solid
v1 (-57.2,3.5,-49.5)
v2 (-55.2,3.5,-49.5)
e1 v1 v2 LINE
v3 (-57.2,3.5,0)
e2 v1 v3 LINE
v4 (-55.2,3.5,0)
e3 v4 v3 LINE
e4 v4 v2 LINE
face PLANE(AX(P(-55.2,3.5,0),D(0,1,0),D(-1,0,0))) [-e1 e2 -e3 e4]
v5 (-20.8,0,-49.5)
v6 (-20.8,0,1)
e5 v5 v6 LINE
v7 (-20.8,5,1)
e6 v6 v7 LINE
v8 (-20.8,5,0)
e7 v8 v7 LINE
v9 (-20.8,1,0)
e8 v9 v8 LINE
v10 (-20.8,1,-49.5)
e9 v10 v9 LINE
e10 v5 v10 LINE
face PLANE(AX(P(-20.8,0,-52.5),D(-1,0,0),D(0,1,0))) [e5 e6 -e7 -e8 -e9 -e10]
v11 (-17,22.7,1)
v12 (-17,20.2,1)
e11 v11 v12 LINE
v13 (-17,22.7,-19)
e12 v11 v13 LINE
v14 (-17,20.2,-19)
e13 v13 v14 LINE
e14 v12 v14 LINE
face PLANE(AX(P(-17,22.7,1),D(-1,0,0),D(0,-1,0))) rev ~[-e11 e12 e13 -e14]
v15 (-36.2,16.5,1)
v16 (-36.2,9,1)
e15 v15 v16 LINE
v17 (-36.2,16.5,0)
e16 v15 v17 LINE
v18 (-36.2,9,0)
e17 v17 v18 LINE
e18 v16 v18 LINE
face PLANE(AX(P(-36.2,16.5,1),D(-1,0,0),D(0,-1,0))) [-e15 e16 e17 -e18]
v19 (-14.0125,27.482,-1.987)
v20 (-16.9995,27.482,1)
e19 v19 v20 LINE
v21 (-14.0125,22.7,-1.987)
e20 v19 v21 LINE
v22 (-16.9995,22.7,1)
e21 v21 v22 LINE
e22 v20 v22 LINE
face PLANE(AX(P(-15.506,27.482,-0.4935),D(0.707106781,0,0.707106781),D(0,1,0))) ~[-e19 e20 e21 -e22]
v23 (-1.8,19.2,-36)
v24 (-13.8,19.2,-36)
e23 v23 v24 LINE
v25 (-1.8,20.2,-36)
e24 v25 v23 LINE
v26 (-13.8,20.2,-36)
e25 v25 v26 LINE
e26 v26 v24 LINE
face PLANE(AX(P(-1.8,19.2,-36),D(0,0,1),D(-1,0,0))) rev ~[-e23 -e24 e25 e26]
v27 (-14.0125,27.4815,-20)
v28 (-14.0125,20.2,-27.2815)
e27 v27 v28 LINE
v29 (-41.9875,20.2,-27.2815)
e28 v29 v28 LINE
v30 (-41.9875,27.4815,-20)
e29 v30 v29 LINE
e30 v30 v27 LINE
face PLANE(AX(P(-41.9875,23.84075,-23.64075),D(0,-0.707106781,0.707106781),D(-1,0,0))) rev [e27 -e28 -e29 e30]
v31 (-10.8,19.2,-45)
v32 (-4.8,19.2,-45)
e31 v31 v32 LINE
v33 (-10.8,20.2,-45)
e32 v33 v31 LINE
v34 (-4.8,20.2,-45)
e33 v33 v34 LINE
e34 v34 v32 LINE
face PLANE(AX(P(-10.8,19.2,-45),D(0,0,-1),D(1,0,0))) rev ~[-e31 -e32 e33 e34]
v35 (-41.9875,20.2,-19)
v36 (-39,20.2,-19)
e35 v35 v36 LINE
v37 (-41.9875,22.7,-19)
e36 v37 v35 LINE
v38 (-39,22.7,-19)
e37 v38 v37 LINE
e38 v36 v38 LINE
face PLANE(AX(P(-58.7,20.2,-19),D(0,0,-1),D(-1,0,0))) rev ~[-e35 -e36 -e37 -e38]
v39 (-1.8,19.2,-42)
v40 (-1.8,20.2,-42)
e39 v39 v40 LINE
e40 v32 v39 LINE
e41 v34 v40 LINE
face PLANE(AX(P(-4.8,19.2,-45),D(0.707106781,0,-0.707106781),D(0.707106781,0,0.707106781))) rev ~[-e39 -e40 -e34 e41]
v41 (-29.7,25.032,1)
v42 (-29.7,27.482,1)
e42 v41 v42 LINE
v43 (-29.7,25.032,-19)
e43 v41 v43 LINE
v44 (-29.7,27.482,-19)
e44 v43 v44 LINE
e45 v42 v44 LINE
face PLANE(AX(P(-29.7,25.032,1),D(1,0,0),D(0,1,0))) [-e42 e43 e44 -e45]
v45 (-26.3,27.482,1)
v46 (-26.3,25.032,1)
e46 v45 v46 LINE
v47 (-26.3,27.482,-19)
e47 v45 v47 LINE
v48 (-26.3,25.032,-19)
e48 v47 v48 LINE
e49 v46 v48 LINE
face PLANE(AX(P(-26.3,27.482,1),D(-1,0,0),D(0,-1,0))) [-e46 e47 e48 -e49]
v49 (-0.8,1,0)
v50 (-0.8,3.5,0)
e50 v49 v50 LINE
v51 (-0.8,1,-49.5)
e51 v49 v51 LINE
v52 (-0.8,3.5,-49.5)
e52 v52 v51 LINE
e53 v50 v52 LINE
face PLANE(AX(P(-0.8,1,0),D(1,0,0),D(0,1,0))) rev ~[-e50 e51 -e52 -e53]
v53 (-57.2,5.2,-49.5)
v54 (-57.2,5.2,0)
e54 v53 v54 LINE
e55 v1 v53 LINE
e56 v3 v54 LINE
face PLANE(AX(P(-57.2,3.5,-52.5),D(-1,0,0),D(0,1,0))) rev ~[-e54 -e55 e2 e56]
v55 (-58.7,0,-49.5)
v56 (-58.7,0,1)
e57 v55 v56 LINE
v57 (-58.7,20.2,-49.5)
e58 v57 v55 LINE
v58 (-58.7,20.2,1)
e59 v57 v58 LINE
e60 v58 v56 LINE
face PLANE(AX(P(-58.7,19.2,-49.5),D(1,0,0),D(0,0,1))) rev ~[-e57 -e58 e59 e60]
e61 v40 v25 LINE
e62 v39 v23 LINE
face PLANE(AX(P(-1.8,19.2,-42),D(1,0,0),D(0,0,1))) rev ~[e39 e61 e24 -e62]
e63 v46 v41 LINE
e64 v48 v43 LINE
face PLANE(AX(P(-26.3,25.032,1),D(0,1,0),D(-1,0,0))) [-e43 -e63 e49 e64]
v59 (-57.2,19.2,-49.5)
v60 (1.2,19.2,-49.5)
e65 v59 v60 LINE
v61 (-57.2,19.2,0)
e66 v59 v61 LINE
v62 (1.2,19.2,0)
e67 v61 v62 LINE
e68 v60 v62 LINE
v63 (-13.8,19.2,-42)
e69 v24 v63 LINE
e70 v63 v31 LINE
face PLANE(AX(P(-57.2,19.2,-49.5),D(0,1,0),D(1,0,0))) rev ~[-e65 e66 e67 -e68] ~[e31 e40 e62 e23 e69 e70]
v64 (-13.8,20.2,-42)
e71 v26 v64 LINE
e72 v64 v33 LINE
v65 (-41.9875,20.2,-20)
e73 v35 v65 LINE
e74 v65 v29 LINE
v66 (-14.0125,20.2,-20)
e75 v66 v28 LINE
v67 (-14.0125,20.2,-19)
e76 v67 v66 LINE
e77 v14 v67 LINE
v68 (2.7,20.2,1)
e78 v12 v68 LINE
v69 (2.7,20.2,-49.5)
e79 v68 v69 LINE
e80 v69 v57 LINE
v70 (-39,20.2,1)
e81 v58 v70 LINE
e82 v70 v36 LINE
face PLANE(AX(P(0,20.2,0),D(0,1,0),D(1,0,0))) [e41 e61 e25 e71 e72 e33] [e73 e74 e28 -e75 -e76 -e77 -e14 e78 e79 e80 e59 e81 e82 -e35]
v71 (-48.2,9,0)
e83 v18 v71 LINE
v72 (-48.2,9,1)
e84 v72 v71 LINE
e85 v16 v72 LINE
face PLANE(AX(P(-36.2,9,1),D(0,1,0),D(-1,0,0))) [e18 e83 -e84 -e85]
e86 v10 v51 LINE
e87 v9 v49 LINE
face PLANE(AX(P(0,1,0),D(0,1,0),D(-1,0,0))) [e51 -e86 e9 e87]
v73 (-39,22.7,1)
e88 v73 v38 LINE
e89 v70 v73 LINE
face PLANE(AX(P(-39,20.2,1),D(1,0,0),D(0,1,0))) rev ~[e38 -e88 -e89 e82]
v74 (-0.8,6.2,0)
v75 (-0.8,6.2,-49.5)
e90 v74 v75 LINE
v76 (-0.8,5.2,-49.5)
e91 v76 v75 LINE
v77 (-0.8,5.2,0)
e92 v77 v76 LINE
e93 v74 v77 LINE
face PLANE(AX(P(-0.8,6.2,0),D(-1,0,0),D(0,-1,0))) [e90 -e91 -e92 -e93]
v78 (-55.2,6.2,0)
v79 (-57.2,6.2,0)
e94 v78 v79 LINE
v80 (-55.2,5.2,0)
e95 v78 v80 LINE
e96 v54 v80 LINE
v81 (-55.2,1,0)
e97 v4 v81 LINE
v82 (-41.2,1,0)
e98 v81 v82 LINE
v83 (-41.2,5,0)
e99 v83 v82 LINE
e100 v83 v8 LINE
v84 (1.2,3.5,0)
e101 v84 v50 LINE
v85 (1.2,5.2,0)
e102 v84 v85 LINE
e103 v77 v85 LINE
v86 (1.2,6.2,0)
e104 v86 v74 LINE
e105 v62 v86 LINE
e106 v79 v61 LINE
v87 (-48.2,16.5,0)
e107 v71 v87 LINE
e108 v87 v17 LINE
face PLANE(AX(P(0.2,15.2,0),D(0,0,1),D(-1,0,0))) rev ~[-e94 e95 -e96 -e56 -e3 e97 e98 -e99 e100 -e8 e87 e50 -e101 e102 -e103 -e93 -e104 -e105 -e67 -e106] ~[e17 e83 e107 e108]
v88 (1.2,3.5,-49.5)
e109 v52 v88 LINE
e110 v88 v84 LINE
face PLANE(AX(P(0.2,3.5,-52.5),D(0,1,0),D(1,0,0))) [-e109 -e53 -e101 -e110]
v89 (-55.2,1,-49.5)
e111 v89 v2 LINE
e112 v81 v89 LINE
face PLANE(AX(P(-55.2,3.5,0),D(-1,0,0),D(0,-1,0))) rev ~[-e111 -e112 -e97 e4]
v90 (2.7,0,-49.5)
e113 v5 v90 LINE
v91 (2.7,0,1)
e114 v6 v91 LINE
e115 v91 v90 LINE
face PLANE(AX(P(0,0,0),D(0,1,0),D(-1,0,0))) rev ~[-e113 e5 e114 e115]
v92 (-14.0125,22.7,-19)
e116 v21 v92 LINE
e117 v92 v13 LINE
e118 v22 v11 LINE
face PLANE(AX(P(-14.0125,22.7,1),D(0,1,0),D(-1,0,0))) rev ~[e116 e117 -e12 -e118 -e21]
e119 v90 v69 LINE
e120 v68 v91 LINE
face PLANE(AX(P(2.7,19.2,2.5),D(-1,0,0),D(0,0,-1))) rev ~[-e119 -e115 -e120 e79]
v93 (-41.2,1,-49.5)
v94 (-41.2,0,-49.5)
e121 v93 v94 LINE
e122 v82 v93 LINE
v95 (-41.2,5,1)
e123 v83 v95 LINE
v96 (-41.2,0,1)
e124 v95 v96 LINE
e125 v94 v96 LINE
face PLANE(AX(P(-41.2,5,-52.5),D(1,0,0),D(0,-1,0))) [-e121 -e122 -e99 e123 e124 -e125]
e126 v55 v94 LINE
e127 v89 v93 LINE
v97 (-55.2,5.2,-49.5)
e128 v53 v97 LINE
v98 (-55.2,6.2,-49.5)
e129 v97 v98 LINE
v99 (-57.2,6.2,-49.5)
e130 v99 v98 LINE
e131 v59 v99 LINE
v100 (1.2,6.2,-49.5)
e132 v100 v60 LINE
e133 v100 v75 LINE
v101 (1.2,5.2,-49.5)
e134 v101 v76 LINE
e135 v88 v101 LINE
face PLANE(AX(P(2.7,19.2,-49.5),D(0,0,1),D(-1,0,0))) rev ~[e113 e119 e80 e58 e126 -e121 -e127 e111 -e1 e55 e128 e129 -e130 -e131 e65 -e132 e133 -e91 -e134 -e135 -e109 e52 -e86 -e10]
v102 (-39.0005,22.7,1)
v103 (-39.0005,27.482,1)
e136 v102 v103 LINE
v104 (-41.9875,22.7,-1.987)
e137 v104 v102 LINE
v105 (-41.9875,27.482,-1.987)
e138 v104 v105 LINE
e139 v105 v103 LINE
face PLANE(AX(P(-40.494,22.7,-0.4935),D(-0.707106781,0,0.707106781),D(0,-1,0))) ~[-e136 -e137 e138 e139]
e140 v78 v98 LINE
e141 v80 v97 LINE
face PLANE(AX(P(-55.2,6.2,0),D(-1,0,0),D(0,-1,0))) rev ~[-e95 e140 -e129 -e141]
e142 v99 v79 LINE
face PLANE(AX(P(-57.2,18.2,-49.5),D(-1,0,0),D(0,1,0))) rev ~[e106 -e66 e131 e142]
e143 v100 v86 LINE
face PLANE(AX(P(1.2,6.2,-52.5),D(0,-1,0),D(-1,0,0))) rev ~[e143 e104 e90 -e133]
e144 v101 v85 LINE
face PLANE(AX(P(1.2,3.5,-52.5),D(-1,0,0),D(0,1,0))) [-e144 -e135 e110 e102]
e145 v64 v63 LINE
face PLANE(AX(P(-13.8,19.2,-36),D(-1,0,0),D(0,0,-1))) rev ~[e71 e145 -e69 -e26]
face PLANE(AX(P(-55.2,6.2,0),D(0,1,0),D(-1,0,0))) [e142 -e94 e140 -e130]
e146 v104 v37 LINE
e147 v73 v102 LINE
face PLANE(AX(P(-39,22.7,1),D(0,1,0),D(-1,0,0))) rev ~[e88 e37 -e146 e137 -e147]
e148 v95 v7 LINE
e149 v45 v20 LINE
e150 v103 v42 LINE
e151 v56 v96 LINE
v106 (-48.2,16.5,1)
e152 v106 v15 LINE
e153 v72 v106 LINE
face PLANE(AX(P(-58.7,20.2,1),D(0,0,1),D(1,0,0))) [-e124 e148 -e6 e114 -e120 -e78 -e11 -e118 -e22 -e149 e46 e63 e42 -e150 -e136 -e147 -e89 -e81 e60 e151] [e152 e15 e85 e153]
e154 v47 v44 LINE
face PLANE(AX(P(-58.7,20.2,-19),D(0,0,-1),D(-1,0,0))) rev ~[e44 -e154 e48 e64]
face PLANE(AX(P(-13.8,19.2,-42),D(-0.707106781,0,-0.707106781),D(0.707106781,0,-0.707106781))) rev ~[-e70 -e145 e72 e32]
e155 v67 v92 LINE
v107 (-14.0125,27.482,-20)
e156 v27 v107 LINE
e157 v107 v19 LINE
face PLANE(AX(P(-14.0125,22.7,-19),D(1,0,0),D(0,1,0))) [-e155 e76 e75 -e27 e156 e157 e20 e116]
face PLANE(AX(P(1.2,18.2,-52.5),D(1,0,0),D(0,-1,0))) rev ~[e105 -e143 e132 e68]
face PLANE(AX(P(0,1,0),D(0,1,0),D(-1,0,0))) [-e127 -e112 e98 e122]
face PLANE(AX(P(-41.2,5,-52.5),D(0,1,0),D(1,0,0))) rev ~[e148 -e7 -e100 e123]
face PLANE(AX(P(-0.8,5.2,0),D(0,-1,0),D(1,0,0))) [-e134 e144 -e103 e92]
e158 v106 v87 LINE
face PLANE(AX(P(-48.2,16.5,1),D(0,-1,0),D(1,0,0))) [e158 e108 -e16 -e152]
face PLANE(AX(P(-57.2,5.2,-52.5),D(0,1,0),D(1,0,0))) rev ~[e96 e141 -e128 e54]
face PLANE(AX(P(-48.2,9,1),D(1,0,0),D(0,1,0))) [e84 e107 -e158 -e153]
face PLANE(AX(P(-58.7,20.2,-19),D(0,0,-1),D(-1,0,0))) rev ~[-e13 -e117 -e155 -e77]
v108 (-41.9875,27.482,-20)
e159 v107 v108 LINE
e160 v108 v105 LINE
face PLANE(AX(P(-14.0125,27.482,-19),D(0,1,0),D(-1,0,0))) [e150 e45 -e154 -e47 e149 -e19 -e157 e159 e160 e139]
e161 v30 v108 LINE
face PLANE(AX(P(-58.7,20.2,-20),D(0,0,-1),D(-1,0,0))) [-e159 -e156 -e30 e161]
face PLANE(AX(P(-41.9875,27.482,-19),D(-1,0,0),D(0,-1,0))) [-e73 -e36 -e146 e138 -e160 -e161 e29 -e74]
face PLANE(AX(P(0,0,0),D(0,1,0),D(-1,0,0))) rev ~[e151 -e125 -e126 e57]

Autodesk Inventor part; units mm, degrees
ref_plane "YZ Plane" through (0, 0, 0) normal (1, 0, 0) x (0, 1, 0)
ref_plane "XZ Plane" through (0, 0, 0) normal (0, 1, 0) x (-1, 0, 0)
ref_plane "XY Plane" through (0, 0, 0) normal (0, 0, 1) x (1, 0, 0)
sketch "Sketch1" plane through (0, 0, 0) normal (0, 1, 0) x (-1, 0, 0)
  line L0 (0, 0) -> (56, 0)
  line L1 (56, 0) -> (56, -50)
  line L2 (56, -50) -> (0, -50)
  line L3 (0, -50) -> (0, 0)
  line L4 (56.2, 0) -> (-0.2, 0)
  line L5 (-0.2, 0) -> (-0.2, -50)
  line L6 (-0.2, -50) -> (56.2, -50)
  line L7 (56.2, -50) -> (56.2, 0)
  line L8 (58.7, 2.5) -> (-2.7, 2.5)
  line L9 (-2.7, 2.5) -> (-2.7, -52.5)
  line L10 (-2.7, -52.5) -> (58.7, -52.5)
  line L11 (58.7, -52.5) -> (58.7, 2.5)
  line L12 (56.2, -48.0985) -> (56.2, -52.5)
  line L13 (-0.2, -48.7936) -> (-0.2, -52.5)
  point P0 (-0.2, -50)
  dimension "d0" = 56
  dimension "d1" = 50
  dimension "d2" = 0.2
  dimension "d3" = 0.2
  dimension "d4" = 0
  dimension "d5" = 0
  dimension "d6" = 2.5
  dimension "d7" = 2.5
  dimension "d8" = 2.5
  dimension "d9" = 2.5
extrude "Extrusion1" add sketch "Sketch1" along normal blind 15.2 contours L4 L5 L13 L10 L9 L8 L11 L12 L7 L0
extrude "Extrusion2" add sketch "Sketch1" along normal blind 1
sketch "Sketch2" plane through (0.2, 15.2, 0) normal (0, 0, -1) x (-1, 0, 0)
  line L0 (0, -14.2) -> (0, 0) projected
  line L1 (0, -11.7) -> (56.4, -11.7)
  line L2 (56.4, -11.7) -> (56.4, -14.2)
  line L3 (56.4, -14.2) -> (0, -14.2)
  line L4 (0, -14.2) -> (0, -11.7)
  line L5 (56.4, -14.2) -> (56.4, 0) projected
  line L6 (0, -14.2) -> (56.4, -14.2) projected
  line L7 (1, -11.7) -> (55.4, -11.7)
  line L8 (55.4, -11.7) -> (55.4, -14.2)
  line L9 (55.4, -14.2) -> (1, -14.2)
  line L10 (1, -14.2) -> (1, -11.7)
  line L11 (0, -9) -> (56.4, -9)
  line L12 (56.4, -9) -> (56.4, -10)
  line L13 (56.4, -10) -> (0, -10)
  line L14 (0, -10) -> (0, -9)
  line L15 (56.4, -9) -> (55.4, -9)
  line L16 (55.4, -9) -> (55.4, -10)
  line L17 (55.4, -10) -> (56.4, -10)
  line L18 (56.4, -10) -> (56.4, -9)
  line L19 (0, -9) -> (1, -9)
  line L20 (1, -9) -> (1, -10)
  line L21 (1, -10) -> (0, -10)
  line L22 (0, -10) -> (0, -9)
  point P0 (0.2, -15.2)
  point P1 (0, -10)
  point P2 (1, -14.2)
  dimension "d14" = 0
  dimension "d16" = 2.5
  dimension "d17" = 1
  dimension "d18" = 1
  dimension "d19" = 0
  dimension "d20" = 0
  dimension "d21" = 1.7
  dimension "d22" = 1
extrude "Extrusion3" add sketch "Sketch2" along normal up to surface (52.5 mm away) contours L0 L1 L10 L3 | L0 L11 L20 L13 | L8 L1 L2 L3 | L16 L11 L5 L13
sketch "Sketch3" plane through (2.7, 0, -52.5) normal (0, 0, -1) x (-1, 0, 0)
  line L0 (2.5, 15.2) -> (58.9, 15.2) projected
  line L1 (23.5, 15.2) -> (43.9, 15.2)
  line L2 (43.9, 15.2) -> (43.9, 0)
  line L3 (43.9, 0) -> (23.5, 0)
  line L4 (23.5, 0) -> (23.5, 15.2)
  line L5 (58.9, 6.2) -> (58.9, 15.2) projected
  line L6 (2.5, 6.2) -> (2.5, 15.2) projected
  line L7 (0, 0) -> (61.4, 0) projected
  line L8 (23.5, 0) -> (43.9, 0)
  line L9 (43.9, 0) -> (43.9, 5)
  line L10 (43.9, 5) -> (23.5, 5)
  line L11 (23.5, 5) -> (23.5, 0)
  point P0 (2.7, 0)
  dimension "d25" = 15
  dimension "d26" = 21
  dimension "d27" = 0
  dimension "d30" = 5
extrude "Extrusion5" cut sketch "Sketch3" against normal blind 75.725 contours L10 L2 L3 L4
sketch "Sketch4" plane through (-58.7, 15.2, 2.5) normal (0, 0, 1) x (1, 0, 0)
  line L0 (11.5, -0.7) -> (20.5, -0.7)
  line L1 (20.5, -0.7) -> (20.5, -4.2)
  line L2 (20.5, -4.2) -> (11.5, -4.2)
  line L3 (11.5, -4.2) -> (11.5, -0.7)
  point P0 (58.7, -15.2)
  point P1 (3.5, -11.7)
  point P2 (2.5, -11.7)
  dimension "d33" = 7.5
  dimension "d34" = 11
  dimension "d35" = 18
  dimension "d36" = 9
extrude "Extrusion6" cut sketch "Sketch4" against normal up to surface (2.5 mm away)
sketch "Sketch5" plane through (0, 15.2, 0) normal (0, 1, 0) x (1, 0, 0)
  line L0 (2.7, -2.5) -> (2.7, 52.5) projected
  line L1 (2.7, -2.5) -> (2.7, 52.5)
  line L2 (2.7, 52.5) -> (0.2, 52.5) projected
  line L3 (2.7, 52.5) -> (0.2, 52.5)
  line L4 (0.2, 52.5) -> (0.2, 0)
  line L5 (0.2, 0) -> (-56.2, 0) projected
  line L6 (0.2, 0) -> (-56.2, 0)
  line L7 (-56.2, 52.5) -> (-58.7, 52.5) projected
  line L8 (-56.2, 0) -> (-56.2, 52.5)
  line L9 (-58.7, 52.5) -> (-58.7, -2.5) projected
  line L10 (-56.2, 52.5) -> (-58.7, 52.5)
  line L11 (-58.7, -2.5) -> (2.7, -2.5) projected
  line L12 (-58.7, 52.5) -> (-58.7, -2.5)
  line L13 (-58.7, -2.5) -> (2.7, -2.5)
  point P0 (0, 0)
extrude "Extrusion7" add sketch "Sketch5" along normal blind 3
sketch "Sketch6" plane through (0, 18.2, 0) normal (0, 1, 0) x (1, 0, 0)
  line L0 (2.7, -2.5) -> (2.7, 52.5) projected
  line L1 (-58.7, 52.5) -> (-58.7, -2.5) projected
  line L2 (2.7, -2.5) -> (-58.7, -2.5)
  line L3 (-58.7, -2.5) -> (-58.7, 52.5)
  line L4 (-58.7, 52.5) -> (2.7, 52.5)
  line L5 (2.7, 52.5) -> (2.7, -2.5)
  line L6 (-13.8, 42) -> (-1.8, 42)
  line L7 (-1.8, 42) -> (-1.8, 36)
  line L8 (-1.8, 36) -> (-13.8, 36)
  line L9 (-13.8, 36) -> (-13.8, 42)
  line L10 (0.2, 0) -> (-56.2, 0) projected
  line L11 (0.2, 52.5) -> (0.2, 0) projected
  line L12 (-10.8, 45) -> (-4.8, 45)
  line L13 (-13.8, 42) -> (-8.427, 47.373)
  line L14 (-13.8, 42) -> (-6.2015, 42) construction
  line L15 (-1.8, 42) -> (-7.8, 48)
  line L16 (-1.8, 42) -> (6.6853, 42) construction
  point P0 (0, 0)
  point P1 (-4.8, 45)
  point P2 (-58.7, -2.5)
  dimension "d41" = 36
  dimension "d42" = 42
  dimension "d43" = 2
  dimension "d44" = 14
  dimension "d45" = 3
  dimension "d46" = 3
  dimension "d47" = 45
  dimension "d48" = 135
  dimension "d49" = 3
extrude "Extrusion8" add sketch "Sketch6" along normal blind 1
sketch "Sketch7" plane through (2.7, 0, -52.5) normal (0, 0, -1) x (-1, 0, 0)
  line L0 (2.5, 3.5) -> (2.5, 5.2) projected
  line L1 (2.5, 3.5) -> (1.5, 3.5)
  line L2 (1.5, 3.5) -> (1.5, 5.2)
  line L3 (1.5, 5.2) -> (2.5, 5.2)
  line L4 (2.5, 5.2) -> (2.5, 3.5)
  line L5 (2.5, 6.2) -> (2.5, 18.2) projected
  line L6 (2.5, 18.2) -> (1.5, 18.2)
  line L7 (1.5, 18.2) -> (1.5, 6.2)
  line L8 (1.5, 6.2) -> (2.5, 6.2)
  line L9 (2.5, 6.2) -> (2.5, 18.2)
  line L10 (58.9, 3.5) -> (58.9, 5.2) projected
  line L11 (58.9, 3.5) -> (59.9, 3.5)
  line L12 (59.9, 3.5) -> (59.9, 5.2)
  line L13 (59.9, 5.2) -> (58.9, 5.2)
  line L14 (58.9, 5.2) -> (58.9, 3.5)
  line L15 (57.9, 6.2) -> (58.9, 6.2) projected
  line L16 (58.9, 6.2) -> (59.9, 6.2)
  line L17 (59.9, 6.2) -> (59.9, 18.2)
  line L18 (59.9, 18.2) -> (58.9, 18.2)
  line L19 (58.9, 18.2) -> (58.9, 6.2)
  point P0 (2.7, 0)
  dimension "d52" = 1
  dimension "d53" = 1
  dimension "d54" = 1
  dimension "d55" = 1
extrude "Extrusion9" cut sketch "Sketch7" against normal up to surface (52.5 mm away)
sketch "Sketch8" plane through (0, 19.2, 0) normal (0, 1, 0) x (1, 0, 0)
  line L0 (2.7, 52.5) -> (-20.8, 52.5) projected
  line L1 (-58.7, 52.5) -> (-58.7, -2.5) projected
  line L2 (2.7, 52.5) -> (-58.7, 52.5)
  line L3 (-58.7, 52.5) -> (-58.7, 49.5)
  line L4 (-58.7, 49.5) -> (2.7, 49.5)
  line L5 (2.7, 49.5) -> (2.7, 52.5)
  point P0 (0, 0)
  dimension "d58" = 3
extrude "Extrusion10" cut sketch "Sketch8" against normal up to surface (19.2 mm away)
sketch "Sketch9" plane through (0, 19.2, 0) normal (0, 1, 0) x (1, 0, 0)
  line L0 (2.7, -2.5) -> (2.7, 49.5) projected
  line L1 (-58.7, 49.5) -> (-58.7, -2.5) projected
  line L2 (2.7, 49.5) -> (-58.7, 49.5)
  line L3 (-58.7, 49.5) -> (-58.7, -2.5)
  line L4 (-58.7, -2.5) -> (2.7, -2.5)
  line L5 (2.7, -2.5) -> (2.7, 49.5)
  line L6 (-1.8, 42) -> (-1.8, 36) projected
  line L7 (-4.8, 45) -> (-1.8, 42) projected
  line L8 (-1.8, 42) -> (-4.8, 45)
  line L9 (-10.8, 45) -> (-4.8, 45) projected
  line L10 (-4.8, 45) -> (-10.8, 45)
  line L11 (-13.8, 42) -> (-10.8, 45) projected
  line L12 (-10.8, 45) -> (-13.8, 42)
  line L13 (-13.8, 36) -> (-13.8, 42) projected
  line L14 (-13.8, 42) -> (-13.8, 36)
  line L15 (-1.8, 36) -> (-13.8, 36) projected
  line L16 (-13.8, 36) -> (-1.8, 36)
  line L17 (-1.8, 36) -> (-1.8, 42)
  point P0 (0, 0)
extrude "Extrusion11" add sketch "Sketch9" along normal blind 1
sketch "Sketch10" plane through (1.2, 18.2, -49.5) normal (0, 0, -1) x (-1, 0, 0)
  line L0 (0, 0) -> (58.4, 0) projected
  line L1 (0, 0) -> (58.4, 0)
  line L2 (58.4, 0) -> (58.4, 1)
  line L3 (58.4, 1) -> (0, 1)
  line L4 (0, 1) -> (0, 0)
  point P0 (1.2, -18.2)
  dimension "d63" = 1
extrude "Extrusion12" cut sketch "Sketch10" against normal up to surface (49.5 mm away)
sketch "Sketch11" plane through (0, 20.2, 0) normal (0, 1, 0) x (1, 0, 0)
  line L0 (2.7, -2.5) -> (2.7, 49.5) projected
  line L1 (-58.7, 49.5) -> (-58.7, -2.5) projected
  line L2 (2.7, -2.5) -> (-58.7, -2.5)
  line L3 (-58.7, -2.5) -> (-58.7, -1)
  line L4 (-58.7, -1) -> (2.7, -1)
  line L5 (2.7, -1) -> (2.7, -2.5)
  point P0 (0, 0)
  dimension "d66" = 1.5
extrude "Extrusion13" cut sketch "Sketch11" against normal blind 24.925
sketch "Sketch12" plane through (-58.7, 20.2, 1) normal (0, 0, 1) x (1, 0, 0)
  line L0 (10.5, -3.7) -> (22.5, -3.7)
  line L1 (22.5, -3.7) -> (22.5, -11.2)
  line L2 (22.5, -11.2) -> (10.5, -11.2)
  line L3 (10.5, -11.2) -> (10.5, -3.7)
  line L4 (20.5, -5.7) -> (11.5, -5.7) projected
  line L5 (20.5, -9.2) -> (20.5, -5.7) projected
  line L6 (11.5, -9.2) -> (20.5, -9.2) projected
  line L7 (11.5, -5.7) -> (11.5, -9.2) projected
  point P0 (58.7, -20.2)
  dimension "d69" = 2
  dimension "d70" = 2
  dimension "d71" = 2
  dimension "d73" = 1
extrude "Extrusion14" cut sketch "Sketch12" against normal up to surface (1 mm away)
sketch "Sketch13" plane through (-58.7, 20.2, 1) normal (0, 0, 1) x (1, 0, 0)
  line L0 (29, 2.5) -> (41.7, 2.5)
  line L1 (41.7, 2.5) -> (41.7, 0)
  line L2 (41.7, 0) -> (19.7, 0)
  line L3 (19.7, 0) -> (19.7, 2.5)
  line L4 (0, 0) -> (61.4, 0) projected
  line L5 (0, -20.2) -> (0, 0) projected
  line L6 (16.7125, 7.282) -> (44.6875, 7.282)
  line L7 (44.6875, 7.282) -> (44.6875, 2.5)
  line L8 (16.7125, 2.5) -> (16.7125, 7.282)
  line L9 (29, 7.282) -> (32.4, 7.282)
  line L10 (32.4, 7.282) -> (32.4, 4.832)
  line L11 (32.4, 4.832) -> (29, 4.832)
  line L12 (29, 4.832) -> (29, 7.282)
  line L13 (44.6875, 2.5) -> (41.7, 2.5)
  line L14 (19.7, 2.5) -> (16.7125, 2.5)
  point P0 (58.7, -20.2)
  dimension "d76" = 0
  dimension "d77" = 2.5
  dimension "d78" = 22
  dimension "d79" = 61.4
  dimension "d80" = 19.7
  dimension "d81" = 4.782
  dimension "d83" = 27.975
  dimension "d84" = 16.7125
  dimension "d85" = 2.45
  dimension "d86" = 3.4
  dimension "d87" = 0
  dimension "d88" = 29
extrude "Extrusion15" add sketch "Sketch13" against normal blind 20 contours L1 L2 L3 L14 L8 L6 L12 L11 L10 L7 L13
sketch "Sketch14" plane through (-58.7, 20.2, -19) normal (0, 0, -1) x (-1, 0, 0)
  line L0 (-44.6875, 2.5) -> (-44.6875, 7.282) projected
  line L1 (-44.6875, 7.282) -> (-16.7125, 7.282)
  line L2 (-16.7125, 7.282) -> (-16.7125, 0)
  line L3 (-16.7125, 0) -> (-44.6875, 0)
  line L4 (-44.6875, 0) -> (-44.6875, 7.282)
  line L5 (-61.4, 0) -> (0, 0) projected
  line L6 (-16.7125, 2.5) -> (-16.7125, 7.282) projected
  point P0 (-58.7, -20.2)
  dimension "d91" = 0
  dimension "d92" = 0
extrude "Extrusion16" add sketch "Sketch14" along normal blind 1
chamfer "Chamfer1" distance 2.987 angle 45 2 edges at (-41.9875, 25.091, 1) (-14.0125, 25.091, 1)
chamfer "Chamfer2" distance 7.282 angle 45 1 edges at (-28, 20.2, -20)
equation "\"d23\" = d16"
properties part number "case+gopro"
